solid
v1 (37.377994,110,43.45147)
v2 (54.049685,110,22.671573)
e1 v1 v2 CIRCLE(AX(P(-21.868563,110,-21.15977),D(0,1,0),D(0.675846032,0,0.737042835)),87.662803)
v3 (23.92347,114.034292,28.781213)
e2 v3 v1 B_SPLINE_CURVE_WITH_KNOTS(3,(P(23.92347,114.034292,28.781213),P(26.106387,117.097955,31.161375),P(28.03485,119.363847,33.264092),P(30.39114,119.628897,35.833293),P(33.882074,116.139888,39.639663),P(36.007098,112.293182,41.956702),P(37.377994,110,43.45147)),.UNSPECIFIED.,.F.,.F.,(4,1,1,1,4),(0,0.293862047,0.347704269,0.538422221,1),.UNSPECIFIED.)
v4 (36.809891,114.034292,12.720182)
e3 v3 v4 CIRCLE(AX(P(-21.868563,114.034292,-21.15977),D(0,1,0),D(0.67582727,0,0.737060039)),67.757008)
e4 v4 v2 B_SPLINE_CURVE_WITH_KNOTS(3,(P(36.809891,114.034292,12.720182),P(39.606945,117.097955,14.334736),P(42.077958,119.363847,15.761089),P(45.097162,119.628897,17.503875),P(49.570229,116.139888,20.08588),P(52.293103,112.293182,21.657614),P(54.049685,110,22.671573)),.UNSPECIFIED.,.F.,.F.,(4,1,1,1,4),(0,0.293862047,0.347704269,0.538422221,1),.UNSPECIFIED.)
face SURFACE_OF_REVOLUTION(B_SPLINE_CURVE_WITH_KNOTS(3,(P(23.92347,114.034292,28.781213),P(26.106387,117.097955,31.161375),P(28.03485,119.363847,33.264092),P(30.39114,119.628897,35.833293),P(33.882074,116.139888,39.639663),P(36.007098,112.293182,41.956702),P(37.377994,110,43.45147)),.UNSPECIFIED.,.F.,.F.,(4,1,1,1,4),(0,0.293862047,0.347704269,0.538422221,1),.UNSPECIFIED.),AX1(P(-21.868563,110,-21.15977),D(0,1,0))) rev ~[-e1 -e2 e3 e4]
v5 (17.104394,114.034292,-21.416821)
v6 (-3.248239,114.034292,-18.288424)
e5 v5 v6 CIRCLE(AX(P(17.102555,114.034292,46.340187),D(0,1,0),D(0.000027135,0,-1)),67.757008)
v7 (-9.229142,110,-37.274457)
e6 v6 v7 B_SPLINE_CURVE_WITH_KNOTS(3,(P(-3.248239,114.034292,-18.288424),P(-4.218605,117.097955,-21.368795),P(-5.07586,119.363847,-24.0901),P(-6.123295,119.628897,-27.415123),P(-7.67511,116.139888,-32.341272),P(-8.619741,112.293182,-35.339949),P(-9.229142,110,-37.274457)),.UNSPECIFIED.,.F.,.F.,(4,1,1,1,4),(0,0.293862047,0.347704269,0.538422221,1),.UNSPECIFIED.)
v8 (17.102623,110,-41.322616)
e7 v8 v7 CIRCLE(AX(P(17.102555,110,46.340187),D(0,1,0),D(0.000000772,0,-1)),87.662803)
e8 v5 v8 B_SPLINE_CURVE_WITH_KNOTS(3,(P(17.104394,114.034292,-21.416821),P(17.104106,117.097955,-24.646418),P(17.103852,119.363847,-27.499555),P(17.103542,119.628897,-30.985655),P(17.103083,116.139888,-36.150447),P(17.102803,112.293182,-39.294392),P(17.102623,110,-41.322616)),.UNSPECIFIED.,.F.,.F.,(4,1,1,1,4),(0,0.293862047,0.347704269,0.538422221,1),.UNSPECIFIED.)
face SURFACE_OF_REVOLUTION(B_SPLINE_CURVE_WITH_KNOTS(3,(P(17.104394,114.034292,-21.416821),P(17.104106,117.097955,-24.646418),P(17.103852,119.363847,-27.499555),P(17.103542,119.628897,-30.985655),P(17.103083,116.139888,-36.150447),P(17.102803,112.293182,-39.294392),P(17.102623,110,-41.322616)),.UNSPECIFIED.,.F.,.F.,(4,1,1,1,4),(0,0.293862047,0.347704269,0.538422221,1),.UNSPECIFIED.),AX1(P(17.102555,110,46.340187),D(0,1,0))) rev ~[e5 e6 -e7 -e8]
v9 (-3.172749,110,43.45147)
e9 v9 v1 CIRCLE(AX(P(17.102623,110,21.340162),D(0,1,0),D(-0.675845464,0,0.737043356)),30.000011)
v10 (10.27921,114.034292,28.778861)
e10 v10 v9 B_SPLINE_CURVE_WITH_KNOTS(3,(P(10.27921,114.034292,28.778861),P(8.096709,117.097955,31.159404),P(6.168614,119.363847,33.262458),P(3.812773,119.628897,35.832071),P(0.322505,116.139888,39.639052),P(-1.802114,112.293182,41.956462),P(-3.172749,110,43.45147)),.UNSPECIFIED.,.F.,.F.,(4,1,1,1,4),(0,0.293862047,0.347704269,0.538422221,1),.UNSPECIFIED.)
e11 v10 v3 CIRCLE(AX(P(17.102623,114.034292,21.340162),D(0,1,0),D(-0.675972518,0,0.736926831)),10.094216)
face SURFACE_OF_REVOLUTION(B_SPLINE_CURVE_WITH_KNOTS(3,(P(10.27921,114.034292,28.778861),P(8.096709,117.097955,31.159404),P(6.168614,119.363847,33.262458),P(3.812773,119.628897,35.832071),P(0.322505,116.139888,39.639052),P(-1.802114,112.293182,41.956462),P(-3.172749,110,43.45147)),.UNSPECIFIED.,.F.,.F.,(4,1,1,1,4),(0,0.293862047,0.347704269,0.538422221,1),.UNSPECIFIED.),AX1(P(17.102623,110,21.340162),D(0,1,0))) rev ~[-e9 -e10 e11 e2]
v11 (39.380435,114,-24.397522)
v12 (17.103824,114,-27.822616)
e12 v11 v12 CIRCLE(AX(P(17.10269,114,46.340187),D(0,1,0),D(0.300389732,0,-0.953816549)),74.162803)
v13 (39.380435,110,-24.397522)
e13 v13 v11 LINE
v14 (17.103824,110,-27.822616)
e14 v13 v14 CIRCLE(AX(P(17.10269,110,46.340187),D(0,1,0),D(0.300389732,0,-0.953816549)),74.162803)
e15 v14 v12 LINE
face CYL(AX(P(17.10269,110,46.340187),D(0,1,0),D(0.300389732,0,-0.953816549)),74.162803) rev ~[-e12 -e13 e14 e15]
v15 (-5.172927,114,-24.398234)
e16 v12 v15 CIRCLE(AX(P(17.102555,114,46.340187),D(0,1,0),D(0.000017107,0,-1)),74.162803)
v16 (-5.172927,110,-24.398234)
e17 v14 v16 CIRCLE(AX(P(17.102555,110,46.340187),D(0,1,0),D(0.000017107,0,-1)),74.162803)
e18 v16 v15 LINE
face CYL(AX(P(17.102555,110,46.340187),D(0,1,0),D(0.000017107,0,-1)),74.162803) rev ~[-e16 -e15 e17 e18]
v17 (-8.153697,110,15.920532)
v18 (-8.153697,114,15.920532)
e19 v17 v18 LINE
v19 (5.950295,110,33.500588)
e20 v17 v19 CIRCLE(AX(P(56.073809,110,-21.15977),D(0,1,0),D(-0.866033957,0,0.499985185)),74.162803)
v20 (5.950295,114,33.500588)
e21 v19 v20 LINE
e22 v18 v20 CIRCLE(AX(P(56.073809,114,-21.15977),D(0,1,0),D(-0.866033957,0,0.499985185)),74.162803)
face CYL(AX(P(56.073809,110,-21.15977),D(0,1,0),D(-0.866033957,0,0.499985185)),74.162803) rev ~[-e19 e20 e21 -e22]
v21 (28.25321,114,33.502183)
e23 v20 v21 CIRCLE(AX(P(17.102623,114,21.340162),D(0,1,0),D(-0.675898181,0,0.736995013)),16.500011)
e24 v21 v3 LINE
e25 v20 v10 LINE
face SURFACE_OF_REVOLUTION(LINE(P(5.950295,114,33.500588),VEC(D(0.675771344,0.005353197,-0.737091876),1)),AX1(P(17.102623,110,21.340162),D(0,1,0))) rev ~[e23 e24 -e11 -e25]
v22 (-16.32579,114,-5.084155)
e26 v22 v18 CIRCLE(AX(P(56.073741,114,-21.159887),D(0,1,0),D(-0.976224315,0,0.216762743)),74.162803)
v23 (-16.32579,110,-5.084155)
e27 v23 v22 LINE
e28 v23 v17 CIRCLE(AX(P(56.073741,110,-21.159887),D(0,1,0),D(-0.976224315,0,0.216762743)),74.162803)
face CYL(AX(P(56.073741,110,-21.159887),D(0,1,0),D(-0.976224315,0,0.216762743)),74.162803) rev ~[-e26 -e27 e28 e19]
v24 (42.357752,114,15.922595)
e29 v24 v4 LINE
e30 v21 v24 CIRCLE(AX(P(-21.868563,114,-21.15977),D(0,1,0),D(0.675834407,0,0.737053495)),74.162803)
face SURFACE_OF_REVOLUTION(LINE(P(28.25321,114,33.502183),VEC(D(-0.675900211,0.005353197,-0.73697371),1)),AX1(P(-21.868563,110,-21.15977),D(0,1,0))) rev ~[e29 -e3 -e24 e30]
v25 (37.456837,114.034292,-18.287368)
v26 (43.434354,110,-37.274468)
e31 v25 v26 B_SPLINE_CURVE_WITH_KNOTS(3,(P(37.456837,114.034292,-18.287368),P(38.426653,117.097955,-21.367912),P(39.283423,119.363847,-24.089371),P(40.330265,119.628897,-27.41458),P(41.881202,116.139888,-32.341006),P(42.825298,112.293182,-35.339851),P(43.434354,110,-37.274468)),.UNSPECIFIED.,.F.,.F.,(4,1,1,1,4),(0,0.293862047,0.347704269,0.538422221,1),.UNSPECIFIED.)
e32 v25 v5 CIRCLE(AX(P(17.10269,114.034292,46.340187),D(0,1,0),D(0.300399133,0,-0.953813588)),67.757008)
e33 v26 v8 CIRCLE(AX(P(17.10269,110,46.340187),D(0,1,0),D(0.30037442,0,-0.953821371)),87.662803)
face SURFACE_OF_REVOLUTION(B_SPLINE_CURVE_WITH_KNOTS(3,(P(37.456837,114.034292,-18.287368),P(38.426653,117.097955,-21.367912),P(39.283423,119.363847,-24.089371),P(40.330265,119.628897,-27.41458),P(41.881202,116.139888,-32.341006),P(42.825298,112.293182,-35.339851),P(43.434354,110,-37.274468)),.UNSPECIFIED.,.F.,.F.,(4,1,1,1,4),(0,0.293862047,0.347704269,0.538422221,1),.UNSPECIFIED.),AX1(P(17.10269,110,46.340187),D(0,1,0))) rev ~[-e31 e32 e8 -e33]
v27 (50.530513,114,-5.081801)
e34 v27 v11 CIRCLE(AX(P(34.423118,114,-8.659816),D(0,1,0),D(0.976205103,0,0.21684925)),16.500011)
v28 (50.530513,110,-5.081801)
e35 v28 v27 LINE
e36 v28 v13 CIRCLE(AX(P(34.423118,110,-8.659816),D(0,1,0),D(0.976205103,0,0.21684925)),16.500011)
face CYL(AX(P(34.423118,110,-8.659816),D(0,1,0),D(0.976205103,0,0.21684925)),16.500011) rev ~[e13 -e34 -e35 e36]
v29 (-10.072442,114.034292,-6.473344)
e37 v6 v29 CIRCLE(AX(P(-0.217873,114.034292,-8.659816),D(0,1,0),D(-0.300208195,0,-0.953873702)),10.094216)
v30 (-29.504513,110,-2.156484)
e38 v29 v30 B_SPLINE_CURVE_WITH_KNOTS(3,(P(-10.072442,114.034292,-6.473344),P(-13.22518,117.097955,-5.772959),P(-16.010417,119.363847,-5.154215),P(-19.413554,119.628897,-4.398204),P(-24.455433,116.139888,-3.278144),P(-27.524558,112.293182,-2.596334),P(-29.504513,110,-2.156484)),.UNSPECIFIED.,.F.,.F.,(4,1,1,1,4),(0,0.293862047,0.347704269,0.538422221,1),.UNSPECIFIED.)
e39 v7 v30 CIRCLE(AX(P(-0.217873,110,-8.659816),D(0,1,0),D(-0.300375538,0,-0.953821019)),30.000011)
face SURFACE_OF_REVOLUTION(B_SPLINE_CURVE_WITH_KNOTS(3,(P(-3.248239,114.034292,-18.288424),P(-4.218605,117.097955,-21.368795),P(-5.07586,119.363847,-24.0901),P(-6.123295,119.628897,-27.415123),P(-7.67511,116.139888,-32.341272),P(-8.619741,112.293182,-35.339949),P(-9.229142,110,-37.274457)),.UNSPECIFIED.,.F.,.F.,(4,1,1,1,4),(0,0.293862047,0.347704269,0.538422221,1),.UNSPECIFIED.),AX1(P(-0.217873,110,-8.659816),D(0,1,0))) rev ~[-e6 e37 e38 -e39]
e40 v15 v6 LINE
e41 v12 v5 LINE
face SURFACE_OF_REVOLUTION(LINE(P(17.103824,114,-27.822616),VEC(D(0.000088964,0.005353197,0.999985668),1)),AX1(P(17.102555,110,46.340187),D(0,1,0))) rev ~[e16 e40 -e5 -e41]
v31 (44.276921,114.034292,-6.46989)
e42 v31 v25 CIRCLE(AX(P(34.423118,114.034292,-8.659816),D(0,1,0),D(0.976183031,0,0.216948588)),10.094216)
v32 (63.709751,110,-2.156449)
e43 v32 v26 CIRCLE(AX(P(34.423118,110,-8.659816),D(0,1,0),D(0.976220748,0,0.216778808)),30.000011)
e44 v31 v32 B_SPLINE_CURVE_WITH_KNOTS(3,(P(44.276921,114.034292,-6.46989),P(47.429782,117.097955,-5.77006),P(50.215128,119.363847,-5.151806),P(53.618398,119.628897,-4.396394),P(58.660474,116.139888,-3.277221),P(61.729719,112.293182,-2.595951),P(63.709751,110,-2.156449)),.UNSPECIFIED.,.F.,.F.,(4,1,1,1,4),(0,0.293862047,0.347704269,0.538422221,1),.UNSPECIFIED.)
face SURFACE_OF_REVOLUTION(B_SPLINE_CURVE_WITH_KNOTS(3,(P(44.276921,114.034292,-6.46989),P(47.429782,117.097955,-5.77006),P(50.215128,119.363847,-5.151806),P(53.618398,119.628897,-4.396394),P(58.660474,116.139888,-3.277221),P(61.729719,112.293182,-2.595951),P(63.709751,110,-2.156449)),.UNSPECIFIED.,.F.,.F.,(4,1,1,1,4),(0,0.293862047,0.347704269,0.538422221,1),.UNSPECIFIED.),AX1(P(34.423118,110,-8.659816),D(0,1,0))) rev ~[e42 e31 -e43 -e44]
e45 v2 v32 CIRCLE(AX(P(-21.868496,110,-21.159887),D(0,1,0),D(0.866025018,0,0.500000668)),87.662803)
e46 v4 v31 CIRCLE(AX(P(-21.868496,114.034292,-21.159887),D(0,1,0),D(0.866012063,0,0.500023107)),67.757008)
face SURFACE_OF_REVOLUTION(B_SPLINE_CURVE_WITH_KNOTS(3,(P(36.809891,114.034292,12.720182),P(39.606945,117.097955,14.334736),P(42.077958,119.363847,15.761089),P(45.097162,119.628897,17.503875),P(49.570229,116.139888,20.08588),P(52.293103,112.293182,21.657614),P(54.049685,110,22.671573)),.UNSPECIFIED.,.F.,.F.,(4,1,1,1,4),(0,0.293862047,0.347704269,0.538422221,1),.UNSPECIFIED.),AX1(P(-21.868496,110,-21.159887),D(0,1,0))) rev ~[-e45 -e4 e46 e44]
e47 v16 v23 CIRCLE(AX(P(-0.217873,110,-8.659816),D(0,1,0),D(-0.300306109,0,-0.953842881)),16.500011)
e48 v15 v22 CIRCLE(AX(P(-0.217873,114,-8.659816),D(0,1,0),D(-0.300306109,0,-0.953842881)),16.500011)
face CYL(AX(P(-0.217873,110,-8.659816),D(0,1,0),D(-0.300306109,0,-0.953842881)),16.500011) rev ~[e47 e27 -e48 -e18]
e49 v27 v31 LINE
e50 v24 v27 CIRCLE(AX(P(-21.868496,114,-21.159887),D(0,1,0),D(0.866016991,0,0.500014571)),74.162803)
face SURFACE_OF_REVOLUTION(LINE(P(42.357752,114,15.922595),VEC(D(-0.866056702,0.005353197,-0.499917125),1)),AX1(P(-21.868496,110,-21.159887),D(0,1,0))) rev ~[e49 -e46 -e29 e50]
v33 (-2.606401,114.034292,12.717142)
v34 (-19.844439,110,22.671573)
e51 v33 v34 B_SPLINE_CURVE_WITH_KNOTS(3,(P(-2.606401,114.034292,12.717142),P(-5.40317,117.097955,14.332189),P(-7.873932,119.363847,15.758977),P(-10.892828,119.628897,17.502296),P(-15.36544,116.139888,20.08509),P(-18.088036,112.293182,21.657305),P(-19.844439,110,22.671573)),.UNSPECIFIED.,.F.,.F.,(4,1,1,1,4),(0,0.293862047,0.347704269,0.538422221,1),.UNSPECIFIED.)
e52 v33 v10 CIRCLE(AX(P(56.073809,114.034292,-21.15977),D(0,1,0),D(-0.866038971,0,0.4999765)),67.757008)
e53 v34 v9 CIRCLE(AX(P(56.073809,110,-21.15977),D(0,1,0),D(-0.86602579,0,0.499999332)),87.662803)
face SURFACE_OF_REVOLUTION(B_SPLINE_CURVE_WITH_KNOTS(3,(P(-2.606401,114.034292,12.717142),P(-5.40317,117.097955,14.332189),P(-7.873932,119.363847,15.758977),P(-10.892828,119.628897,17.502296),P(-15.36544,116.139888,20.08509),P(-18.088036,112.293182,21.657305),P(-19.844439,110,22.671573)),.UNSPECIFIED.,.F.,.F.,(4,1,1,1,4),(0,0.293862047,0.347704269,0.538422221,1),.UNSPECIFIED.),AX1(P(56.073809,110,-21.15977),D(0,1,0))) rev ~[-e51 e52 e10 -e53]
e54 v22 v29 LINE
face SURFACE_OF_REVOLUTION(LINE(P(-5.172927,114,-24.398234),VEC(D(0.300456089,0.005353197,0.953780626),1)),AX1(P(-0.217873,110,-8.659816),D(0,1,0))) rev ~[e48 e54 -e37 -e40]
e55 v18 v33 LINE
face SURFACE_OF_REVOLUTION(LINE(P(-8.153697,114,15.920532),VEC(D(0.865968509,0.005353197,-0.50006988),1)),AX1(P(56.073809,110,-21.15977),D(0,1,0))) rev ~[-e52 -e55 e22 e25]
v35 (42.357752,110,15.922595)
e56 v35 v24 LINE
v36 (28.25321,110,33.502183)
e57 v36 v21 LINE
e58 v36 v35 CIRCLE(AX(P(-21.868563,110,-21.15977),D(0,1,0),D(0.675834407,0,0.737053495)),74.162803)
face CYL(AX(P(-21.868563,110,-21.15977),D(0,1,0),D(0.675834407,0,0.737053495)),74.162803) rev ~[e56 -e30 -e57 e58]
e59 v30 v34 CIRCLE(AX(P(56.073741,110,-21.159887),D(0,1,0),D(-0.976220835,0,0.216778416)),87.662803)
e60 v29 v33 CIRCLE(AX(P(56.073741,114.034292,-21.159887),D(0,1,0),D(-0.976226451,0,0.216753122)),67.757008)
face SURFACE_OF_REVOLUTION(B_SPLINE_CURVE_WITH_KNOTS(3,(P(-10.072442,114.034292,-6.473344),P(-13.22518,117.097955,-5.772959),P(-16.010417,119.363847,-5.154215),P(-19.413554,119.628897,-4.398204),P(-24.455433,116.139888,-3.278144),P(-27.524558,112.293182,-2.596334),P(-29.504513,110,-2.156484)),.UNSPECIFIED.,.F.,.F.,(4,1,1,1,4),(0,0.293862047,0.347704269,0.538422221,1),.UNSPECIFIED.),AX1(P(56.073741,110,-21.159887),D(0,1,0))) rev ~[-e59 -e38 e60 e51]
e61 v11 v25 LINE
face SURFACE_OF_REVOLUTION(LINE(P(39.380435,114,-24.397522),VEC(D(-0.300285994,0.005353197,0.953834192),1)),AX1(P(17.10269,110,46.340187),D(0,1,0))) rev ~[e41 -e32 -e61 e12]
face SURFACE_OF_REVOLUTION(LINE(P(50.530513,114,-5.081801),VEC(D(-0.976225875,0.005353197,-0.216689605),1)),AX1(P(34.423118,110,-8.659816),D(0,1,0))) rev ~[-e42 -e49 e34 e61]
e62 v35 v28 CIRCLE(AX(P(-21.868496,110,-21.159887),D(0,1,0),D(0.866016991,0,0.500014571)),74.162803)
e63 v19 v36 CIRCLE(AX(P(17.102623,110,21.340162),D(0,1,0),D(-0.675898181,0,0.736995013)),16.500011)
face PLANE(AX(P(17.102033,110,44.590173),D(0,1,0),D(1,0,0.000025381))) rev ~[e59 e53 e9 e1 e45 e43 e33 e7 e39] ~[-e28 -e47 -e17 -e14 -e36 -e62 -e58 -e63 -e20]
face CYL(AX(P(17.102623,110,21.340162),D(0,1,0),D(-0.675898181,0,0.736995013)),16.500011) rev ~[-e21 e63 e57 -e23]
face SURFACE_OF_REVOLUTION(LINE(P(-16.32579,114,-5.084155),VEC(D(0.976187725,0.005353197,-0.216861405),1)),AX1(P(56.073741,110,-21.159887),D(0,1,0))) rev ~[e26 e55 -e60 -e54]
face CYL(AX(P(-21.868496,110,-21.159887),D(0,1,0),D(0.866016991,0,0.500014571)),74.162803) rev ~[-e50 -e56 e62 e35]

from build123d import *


with BuildPart() as part:
    # Balayage1: sweep along a path in Esquisse7
    with BuildLine(Plane(origin=(0, 110, 0), x_dir=(-1, 0, 0), z_dir=(0, 1, 0))) as balayage1_path:
        ThreePointArc((3.172748644, 43.451470347), (-17.102622677, 51.34017254), (-37.377993997, 43.451470347))
        ThreePointArc((-37.377993997, 43.451470347), (-46.507837397, 33.698545336), (-54.049684498, 22.671572537))
        ThreePointArc((-54.049684498, 22.671572537), (-59.828393138, 10.626671355), (-63.70975101, -2.156449512))
        ThreePointArc((-63.70975101, -2.156449512), (-60.40388948, -23.659821595), (-43.434353754, -37.274467704))
        ThreePointArc((-43.434353754, -37.274467704), (-30.423167407, -40.304673619), (-17.102622677, -41.322615727))
        ThreePointArc((-17.102622677, -41.322615727), (-3.782060556, -40.304670945), (9.229141965, -37.274457133))
        ThreePointArc((9.229141965, -37.274457133), (26.198644127, -23.659821595), (29.504513285, -2.156483865))
        ThreePointArc((29.504513285, -2.156483865), (25.623154165, 10.626654958), (19.844439145, 22.671572537))
        ThreePointArc((19.844439145, 22.671572537), (12.302592044, 33.698545336), (3.172748644, 43.451470347))
    # Esquisse6 → Balayage1 (sweep)
    with BuildSketch(Plane(origin=(17.1, 0, 0), x_dir=(0, 0, -1), z_dir=(1, 0, 0))):
        with BuildLine():
            Line((-37.84017254, 114), (-31.434377714, 114.034291973))
            add(Edge.make_bspline(
                [(-51.34017254, 110), (-49.311949156, 112.293182442), (-46.168003797, 116.13988834), (-41.00321144, 119.628897074), (-37.517111382, 119.363847431), (-34.663974674, 117.097954846), (-31.434377714, 114.034291973)],
                knots=[0, 0, 0, 0, 0.461577779, 0.652295731, 0.706137953, 1, 1, 1, 1], degree=3))
            Line((-51.34017254, 110), (-37.84017254, 110))
            Line((-37.84017254, 110), (-37.84017254, 114))
        make_face()
    sweep(path=balayage1_path.line)


solid = part.part
